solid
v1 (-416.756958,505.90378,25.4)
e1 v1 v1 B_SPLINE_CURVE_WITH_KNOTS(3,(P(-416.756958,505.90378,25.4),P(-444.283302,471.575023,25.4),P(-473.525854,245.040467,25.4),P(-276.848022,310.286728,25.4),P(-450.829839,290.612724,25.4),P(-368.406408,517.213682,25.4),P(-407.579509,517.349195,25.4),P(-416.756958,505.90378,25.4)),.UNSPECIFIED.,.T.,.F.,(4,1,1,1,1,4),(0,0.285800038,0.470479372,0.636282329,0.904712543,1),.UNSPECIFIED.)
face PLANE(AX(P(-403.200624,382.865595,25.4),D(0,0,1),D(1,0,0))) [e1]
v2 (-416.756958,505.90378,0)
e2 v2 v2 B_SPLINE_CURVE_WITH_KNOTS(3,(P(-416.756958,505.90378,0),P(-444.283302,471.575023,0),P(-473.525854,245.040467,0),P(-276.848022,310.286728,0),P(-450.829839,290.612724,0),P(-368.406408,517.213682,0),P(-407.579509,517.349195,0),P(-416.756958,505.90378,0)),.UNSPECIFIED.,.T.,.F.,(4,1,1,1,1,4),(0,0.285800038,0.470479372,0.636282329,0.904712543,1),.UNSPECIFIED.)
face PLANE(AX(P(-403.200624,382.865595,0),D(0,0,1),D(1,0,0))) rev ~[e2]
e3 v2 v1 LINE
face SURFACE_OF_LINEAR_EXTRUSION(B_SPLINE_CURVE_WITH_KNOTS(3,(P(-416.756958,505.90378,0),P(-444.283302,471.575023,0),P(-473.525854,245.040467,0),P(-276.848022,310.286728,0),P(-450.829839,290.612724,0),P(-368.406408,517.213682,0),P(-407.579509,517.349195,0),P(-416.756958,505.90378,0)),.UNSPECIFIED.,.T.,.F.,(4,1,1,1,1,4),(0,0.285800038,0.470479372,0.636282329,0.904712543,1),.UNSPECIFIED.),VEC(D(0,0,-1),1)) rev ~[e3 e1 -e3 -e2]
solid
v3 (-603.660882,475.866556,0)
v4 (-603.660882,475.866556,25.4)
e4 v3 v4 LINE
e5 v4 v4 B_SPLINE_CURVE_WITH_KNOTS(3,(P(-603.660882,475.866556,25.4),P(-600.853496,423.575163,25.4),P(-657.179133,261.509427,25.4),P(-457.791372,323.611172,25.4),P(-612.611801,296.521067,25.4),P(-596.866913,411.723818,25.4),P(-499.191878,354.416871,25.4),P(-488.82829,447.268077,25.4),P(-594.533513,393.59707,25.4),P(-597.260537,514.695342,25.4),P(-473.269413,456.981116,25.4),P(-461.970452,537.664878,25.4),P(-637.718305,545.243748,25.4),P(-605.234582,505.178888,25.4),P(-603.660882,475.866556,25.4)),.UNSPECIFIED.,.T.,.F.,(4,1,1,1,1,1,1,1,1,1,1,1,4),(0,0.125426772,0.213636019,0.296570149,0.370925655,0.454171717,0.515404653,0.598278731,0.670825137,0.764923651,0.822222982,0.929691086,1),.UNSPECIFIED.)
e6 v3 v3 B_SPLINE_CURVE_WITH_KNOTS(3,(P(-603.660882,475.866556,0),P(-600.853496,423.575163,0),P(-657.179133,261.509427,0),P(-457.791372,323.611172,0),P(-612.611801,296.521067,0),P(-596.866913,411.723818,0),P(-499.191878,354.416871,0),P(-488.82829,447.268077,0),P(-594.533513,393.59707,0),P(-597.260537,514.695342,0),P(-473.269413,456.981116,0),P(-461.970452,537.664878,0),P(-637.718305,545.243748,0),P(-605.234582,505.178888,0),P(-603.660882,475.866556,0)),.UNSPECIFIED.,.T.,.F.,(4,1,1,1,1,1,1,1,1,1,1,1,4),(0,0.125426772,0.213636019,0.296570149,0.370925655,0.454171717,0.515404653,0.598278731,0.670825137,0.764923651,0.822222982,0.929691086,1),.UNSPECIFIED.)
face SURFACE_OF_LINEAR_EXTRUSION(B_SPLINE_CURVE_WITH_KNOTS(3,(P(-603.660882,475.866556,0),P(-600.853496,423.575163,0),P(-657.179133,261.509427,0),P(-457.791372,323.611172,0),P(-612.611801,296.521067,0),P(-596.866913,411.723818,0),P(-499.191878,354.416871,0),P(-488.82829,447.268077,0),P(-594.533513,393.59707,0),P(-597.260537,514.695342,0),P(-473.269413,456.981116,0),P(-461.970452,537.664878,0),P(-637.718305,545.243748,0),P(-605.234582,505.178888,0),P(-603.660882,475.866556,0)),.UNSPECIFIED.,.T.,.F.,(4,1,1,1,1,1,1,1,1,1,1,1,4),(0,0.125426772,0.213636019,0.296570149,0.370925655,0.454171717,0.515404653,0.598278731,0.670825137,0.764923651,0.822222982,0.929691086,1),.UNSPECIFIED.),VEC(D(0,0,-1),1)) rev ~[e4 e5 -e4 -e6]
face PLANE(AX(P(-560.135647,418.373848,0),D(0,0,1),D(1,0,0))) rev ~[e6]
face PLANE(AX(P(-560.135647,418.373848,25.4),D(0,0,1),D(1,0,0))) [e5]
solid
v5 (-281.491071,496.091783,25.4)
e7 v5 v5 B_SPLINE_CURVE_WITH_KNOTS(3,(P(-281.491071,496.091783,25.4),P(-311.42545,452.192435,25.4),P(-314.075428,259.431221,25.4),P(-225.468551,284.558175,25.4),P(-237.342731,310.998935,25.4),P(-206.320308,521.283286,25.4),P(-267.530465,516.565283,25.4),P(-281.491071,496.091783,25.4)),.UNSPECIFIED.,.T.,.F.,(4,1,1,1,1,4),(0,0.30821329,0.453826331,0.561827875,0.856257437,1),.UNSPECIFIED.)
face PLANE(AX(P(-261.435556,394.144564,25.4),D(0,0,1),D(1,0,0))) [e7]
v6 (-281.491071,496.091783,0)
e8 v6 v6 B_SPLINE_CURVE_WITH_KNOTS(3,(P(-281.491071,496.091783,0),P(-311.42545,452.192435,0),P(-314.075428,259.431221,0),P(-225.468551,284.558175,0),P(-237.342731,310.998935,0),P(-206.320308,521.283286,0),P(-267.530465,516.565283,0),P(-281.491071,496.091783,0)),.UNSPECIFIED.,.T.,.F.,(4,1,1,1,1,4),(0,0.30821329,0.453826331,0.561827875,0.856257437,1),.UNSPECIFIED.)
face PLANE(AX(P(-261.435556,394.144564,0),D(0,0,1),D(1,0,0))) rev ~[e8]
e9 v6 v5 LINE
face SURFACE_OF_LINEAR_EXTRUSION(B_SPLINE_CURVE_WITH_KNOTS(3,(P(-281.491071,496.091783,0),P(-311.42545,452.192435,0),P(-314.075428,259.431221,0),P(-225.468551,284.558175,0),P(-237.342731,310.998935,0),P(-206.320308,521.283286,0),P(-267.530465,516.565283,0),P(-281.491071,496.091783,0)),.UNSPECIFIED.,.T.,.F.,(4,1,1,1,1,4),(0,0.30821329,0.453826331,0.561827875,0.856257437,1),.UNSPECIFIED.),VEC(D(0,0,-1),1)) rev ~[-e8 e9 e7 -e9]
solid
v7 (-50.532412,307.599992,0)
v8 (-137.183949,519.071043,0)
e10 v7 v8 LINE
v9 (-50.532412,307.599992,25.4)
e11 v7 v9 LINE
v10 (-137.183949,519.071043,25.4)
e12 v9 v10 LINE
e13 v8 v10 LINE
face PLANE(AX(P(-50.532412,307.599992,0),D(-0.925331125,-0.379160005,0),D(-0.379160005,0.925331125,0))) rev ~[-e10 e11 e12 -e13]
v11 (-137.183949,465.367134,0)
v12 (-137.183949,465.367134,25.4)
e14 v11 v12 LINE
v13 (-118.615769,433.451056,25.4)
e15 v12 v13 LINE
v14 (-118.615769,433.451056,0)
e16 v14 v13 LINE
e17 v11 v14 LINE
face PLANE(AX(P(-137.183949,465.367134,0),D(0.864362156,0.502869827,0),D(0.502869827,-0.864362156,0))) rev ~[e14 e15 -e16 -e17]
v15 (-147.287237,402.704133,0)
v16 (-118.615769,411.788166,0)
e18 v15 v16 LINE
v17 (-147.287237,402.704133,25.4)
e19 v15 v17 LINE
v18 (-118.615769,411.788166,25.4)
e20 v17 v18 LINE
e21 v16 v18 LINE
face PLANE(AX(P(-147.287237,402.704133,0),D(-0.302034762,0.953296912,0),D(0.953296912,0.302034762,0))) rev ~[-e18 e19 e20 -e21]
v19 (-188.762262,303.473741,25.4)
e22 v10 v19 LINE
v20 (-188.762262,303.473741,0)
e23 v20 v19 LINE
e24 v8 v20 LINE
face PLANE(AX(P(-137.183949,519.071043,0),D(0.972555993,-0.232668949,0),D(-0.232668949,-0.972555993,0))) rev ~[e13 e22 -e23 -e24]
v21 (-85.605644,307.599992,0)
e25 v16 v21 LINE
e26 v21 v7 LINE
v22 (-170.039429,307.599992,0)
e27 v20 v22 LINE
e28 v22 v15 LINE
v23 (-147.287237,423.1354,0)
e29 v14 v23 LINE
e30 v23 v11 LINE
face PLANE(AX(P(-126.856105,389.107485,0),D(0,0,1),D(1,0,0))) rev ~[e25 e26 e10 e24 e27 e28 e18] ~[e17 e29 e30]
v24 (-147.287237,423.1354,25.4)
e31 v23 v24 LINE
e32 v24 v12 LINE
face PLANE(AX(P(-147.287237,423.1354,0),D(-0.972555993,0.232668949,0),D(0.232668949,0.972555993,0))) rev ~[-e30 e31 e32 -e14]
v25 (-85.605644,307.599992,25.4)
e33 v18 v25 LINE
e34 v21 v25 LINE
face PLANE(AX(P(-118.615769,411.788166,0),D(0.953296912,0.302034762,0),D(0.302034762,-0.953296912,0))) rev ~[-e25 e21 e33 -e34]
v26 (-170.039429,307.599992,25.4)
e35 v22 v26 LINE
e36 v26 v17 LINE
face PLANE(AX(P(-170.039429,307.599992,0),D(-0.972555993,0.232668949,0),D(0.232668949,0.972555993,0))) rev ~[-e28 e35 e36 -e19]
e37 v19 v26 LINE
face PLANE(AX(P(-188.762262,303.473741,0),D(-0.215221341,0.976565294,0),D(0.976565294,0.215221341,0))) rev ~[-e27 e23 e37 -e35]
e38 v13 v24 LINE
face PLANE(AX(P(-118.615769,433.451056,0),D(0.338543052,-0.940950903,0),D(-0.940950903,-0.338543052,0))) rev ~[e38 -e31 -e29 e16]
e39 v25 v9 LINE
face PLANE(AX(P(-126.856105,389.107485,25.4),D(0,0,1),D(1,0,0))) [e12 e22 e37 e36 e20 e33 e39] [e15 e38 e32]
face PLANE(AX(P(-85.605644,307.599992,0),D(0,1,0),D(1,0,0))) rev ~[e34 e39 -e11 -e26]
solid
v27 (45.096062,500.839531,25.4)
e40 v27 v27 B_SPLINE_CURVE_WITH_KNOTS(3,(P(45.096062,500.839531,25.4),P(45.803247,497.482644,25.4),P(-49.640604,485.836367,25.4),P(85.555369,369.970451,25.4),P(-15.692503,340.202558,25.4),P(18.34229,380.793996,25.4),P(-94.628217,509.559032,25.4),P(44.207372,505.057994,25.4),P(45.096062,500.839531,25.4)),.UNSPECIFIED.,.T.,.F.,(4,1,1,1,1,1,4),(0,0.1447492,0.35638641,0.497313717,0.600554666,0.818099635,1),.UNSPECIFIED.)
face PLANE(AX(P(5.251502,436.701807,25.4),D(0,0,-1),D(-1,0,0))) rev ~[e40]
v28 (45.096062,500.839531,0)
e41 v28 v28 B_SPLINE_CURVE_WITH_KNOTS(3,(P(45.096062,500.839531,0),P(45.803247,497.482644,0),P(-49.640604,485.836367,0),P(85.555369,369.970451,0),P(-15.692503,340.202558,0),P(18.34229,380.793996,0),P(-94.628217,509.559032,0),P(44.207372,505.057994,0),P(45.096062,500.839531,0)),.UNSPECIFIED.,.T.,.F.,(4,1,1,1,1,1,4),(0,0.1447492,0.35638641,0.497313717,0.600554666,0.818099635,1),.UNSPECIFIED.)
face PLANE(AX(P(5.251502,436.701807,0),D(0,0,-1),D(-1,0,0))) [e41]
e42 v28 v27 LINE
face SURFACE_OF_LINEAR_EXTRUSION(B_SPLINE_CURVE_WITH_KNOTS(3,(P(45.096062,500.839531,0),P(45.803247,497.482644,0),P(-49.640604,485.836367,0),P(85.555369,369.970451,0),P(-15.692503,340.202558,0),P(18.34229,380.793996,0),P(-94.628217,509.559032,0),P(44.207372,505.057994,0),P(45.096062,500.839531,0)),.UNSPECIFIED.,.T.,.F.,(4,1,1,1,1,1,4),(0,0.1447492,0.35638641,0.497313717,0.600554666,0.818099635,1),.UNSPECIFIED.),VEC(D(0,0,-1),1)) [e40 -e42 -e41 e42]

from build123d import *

# Parameters (mm, degrees)
F1_DEPTH = 25.4
F3_DEPTH = 25.4
F5_DEPTH = 25.4
F7_DEPTH = 25.4
F9_DEPTH = 25.4


with BuildPart() as f1:
    # F0 (on Top) → F1 (new body)
    with BuildSketch(Plane.XY):
        with BuildLine():
            add(Edge.make_bspline(
                [(-603.6608815193, 475.8665561676), (-600.8534962118, 423.5751625078), (-657.1791327694, 261.5094265348), (-457.7913719612, 323.6111724225), (-612.611800623, 296.5210674117), (-596.8669132005, 411.72381785), (-499.1918783681, 354.4168713528), (-488.8282898378, 447.2680765945), (-594.5335125019, 393.5970698639), (-597.2605373367, 514.6953415219), (-473.2694131827, 456.9811156615), (-461.9704521818, 537.6648777331), (-637.7183054736, 545.2437477385), (-605.2345823328, 505.1788876524), (-603.6608815193, 475.8665561676)],
                knots=[0, 0, 0, 0, 0.125426772, 0.2136360194, 0.2965701486, 0.3709256547, 0.4541717167, 0.515404653, 0.5982787308, 0.6708251373, 0.7649236513, 0.8222229819, 0.9296910856, 1, 1, 1, 1], degree=3))
        make_face()
    extrude(amount=F1_DEPTH)


with BuildPart() as f3:
    # F2 (on Top) → F3 (new body)
    with BuildSketch(Plane.XY):
        with BuildLine():
            add(Edge.make_bspline(
                [(-416.7569577694, 505.9037804604), (-444.2833017734, 471.5750232581), (-473.5258544412, 245.040467147), (-276.848021555, 310.2867277916), (-450.8298392204, 290.6127244749), (-368.4064079526, 517.2136817043), (-407.5795086035, 517.3491952276), (-416.7569577694, 505.9037804604)],
                knots=[0, 0, 0, 0, 0.2858000381, 0.4704793722, 0.6362823294, 0.904712543, 1, 1, 1, 1], degree=3))
        make_face()
    extrude(amount=F3_DEPTH)


with BuildPart() as f5:
    # F4 (on Top) → F5 (new body)
    with BuildSketch(Plane.XY):
        with BuildLine():
            add(Edge.make_bspline(
                [(-281.4910709858, 496.0917830467), (-311.4254503394, 452.192435006), (-314.0754276511, 259.4312205539), (-225.4685513304, 284.5581749263), (-237.3427307555, 310.9989351914), (-206.3203078659, 521.283285793), (-267.5304646279, 516.5652831025), (-281.4910709858, 496.0917830467)],
                knots=[0, 0, 0, 0, 0.3082132903, 0.4538263306, 0.5618278754, 0.8562574367, 1, 1, 1, 1], degree=3))
        make_face()
    extrude(amount=F5_DEPTH)


with BuildPart() as f7:
    # F6 (on Top) → F7 (new body)
    with BuildSketch(Plane.XY):
        Polygon((-137.1839493513, 519.0710425377), (-188.7622624636, 303.4737408161), (-170.0394292382, 307.59999156), (-147.2872373136, 402.7041330338), (-118.6157688498, 411.7881655693), (-85.6056436896, 307.59999156), (-50.5324117839, 307.59999156), align=None)
        Polygon((-118.6157688498, 433.4510564804), (-147.2872373136, 423.1353998184), (-137.1839493513, 465.3671342769), align=None, mode=Mode.SUBTRACT)
    extrude(amount=F7_DEPTH)


with BuildPart() as f9:
    # F8 (on Top) → F9 (new body)
    with BuildSketch(Plane.XY):
        with BuildLine():
            add(Edge.make_bspline(
                [(45.0960621238, 500.8395314217), (45.8032469352, 497.4826438387), (-49.6406043978, 485.8363666081), (85.5553692105, 369.9704506065), (-15.6925031253, 340.2025576445), (18.3422902236, 380.7939960404), (-94.6282168524, 509.5590322624), (44.2073720664, 505.0579939374), (45.0960621238, 500.8395314217)],
                knots=[0, 0, 0, 0, 0.1447492001, 0.3563864097, 0.497313717, 0.6005546657, 0.8180996355, 1, 1, 1, 1], degree=3))
        make_face()
    extrude(amount=F9_DEPTH)


solid = Compound([f1.part, f3.part, f5.part, f7.part, f9.part])
